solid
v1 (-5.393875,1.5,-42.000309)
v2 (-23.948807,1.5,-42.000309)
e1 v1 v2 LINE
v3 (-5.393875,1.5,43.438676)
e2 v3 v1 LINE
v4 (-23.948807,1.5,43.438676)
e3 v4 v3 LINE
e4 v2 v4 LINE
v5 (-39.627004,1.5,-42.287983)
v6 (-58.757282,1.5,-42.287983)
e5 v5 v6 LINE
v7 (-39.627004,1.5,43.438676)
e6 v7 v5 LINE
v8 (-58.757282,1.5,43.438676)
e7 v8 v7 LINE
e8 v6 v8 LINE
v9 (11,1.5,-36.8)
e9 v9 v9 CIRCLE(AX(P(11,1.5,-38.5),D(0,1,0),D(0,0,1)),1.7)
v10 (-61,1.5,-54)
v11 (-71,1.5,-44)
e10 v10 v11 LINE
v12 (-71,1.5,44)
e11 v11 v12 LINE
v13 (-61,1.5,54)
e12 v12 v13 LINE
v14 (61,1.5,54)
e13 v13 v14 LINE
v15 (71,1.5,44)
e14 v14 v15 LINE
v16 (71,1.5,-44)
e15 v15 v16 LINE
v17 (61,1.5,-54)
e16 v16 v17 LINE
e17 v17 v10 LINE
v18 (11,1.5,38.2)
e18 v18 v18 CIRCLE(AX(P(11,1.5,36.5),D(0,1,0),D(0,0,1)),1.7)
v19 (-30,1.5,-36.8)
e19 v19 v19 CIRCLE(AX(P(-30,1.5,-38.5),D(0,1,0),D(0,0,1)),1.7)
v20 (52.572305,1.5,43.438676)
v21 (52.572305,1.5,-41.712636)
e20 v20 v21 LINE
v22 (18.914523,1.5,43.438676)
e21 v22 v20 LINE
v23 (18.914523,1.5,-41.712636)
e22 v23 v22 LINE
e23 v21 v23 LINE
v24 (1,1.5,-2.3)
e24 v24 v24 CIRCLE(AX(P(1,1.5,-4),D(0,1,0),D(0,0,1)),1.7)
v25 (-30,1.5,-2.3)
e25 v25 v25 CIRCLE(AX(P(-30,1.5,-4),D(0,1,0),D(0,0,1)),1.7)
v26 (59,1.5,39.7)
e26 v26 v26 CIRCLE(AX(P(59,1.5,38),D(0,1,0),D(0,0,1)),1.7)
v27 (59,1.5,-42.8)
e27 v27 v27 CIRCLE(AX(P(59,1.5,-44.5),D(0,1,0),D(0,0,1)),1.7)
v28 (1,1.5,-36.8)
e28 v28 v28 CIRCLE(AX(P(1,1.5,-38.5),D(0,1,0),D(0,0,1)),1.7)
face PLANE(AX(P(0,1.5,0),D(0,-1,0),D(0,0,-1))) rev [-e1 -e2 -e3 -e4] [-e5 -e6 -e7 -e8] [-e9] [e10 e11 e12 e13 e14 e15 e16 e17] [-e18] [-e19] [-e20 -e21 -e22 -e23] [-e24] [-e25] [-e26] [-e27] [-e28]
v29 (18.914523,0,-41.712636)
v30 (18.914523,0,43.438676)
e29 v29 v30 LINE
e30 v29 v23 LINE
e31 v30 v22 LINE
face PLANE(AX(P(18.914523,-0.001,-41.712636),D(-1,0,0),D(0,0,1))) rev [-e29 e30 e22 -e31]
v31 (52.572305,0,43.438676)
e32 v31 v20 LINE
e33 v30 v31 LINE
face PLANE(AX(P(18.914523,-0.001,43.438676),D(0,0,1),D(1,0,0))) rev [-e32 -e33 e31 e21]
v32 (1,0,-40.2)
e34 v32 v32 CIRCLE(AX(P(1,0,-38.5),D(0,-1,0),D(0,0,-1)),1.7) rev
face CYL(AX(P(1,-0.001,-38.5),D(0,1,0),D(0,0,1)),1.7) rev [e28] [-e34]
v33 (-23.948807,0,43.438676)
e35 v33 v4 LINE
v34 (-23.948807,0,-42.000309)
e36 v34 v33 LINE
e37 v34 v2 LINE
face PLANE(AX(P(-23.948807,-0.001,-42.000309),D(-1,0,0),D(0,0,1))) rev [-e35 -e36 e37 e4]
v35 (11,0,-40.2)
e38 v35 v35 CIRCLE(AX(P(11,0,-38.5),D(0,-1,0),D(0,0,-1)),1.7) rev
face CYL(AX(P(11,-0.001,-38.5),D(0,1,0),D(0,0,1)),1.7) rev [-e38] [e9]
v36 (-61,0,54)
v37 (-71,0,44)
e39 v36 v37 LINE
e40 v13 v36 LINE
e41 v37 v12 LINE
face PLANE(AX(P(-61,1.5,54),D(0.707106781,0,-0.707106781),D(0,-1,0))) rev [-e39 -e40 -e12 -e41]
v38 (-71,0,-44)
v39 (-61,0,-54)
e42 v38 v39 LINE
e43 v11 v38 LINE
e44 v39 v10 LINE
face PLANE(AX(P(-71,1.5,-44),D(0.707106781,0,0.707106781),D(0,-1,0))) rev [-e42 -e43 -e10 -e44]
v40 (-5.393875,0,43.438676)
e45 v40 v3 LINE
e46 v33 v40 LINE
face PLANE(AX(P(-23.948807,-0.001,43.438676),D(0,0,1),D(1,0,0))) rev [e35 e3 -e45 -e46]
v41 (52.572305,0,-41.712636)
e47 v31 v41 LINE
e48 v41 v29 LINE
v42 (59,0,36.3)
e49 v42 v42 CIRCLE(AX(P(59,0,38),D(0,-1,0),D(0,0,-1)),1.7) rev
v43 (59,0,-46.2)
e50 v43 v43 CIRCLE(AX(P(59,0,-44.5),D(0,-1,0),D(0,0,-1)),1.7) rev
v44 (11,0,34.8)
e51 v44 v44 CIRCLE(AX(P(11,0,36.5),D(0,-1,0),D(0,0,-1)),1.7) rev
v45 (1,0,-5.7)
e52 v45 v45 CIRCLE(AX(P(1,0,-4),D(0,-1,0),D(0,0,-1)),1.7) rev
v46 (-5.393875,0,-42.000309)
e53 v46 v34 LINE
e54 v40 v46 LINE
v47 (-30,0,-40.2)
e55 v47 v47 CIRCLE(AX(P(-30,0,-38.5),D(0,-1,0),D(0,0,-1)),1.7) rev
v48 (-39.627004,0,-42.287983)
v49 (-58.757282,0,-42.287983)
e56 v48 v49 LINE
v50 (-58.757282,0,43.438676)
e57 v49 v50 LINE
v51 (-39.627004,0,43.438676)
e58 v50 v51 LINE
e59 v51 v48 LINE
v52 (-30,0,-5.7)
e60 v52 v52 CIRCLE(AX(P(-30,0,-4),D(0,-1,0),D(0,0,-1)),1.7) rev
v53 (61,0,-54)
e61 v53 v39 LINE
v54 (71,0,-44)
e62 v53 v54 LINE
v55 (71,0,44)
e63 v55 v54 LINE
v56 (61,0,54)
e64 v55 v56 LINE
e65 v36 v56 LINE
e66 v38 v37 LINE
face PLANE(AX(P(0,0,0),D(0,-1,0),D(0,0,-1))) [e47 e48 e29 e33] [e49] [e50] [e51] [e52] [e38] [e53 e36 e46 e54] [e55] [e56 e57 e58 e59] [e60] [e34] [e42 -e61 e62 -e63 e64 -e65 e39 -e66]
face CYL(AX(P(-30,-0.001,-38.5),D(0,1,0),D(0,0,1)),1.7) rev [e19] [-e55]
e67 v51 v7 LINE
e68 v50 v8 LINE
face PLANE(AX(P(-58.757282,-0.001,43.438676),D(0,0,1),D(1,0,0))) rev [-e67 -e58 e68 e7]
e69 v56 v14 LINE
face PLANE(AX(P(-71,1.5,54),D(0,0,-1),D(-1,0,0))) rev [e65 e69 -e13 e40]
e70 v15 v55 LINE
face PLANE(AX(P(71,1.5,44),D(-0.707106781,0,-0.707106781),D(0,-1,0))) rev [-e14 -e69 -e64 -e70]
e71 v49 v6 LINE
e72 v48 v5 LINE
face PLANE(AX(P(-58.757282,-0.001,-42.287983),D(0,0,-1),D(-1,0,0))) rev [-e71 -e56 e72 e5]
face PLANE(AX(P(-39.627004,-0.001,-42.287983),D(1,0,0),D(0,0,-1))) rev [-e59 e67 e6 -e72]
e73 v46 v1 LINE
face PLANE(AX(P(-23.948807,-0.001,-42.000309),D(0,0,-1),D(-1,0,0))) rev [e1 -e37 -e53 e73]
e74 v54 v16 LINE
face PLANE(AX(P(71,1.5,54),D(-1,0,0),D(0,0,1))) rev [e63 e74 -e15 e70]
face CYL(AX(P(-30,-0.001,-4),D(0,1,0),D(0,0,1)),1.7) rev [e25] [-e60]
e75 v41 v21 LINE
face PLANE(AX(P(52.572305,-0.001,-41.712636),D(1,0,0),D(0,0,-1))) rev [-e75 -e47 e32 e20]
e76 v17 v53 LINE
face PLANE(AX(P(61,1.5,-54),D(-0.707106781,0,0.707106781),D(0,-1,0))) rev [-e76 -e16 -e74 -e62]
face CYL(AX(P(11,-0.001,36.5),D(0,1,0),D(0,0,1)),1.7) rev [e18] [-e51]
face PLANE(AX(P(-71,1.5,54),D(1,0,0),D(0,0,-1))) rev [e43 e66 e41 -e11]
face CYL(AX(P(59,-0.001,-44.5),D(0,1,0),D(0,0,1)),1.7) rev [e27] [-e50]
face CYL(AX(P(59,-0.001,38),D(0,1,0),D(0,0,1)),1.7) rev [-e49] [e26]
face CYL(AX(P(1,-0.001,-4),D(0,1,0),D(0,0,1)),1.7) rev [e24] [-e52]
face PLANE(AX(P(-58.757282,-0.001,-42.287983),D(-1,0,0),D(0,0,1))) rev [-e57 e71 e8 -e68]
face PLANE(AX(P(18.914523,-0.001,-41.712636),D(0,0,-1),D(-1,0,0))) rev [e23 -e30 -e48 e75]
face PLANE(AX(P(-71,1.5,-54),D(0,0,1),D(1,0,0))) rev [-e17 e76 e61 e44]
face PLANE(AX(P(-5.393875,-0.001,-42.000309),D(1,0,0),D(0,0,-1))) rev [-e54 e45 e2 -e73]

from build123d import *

# Parameters (mm, degrees)
SKETCH1_W           = 142
SKETCH1_H           = 108
BOSS_EXTRUDE1_DEPTH = 1.5
CHAMFER1_SIZE       = 10
CUT_EXTRUDE1_REACH  = 91.215
SKETCH2_R           = 1.7
CUT_EXTRUDE2_REACH  = 91.215
SKETCH3_R           = 1.7
CUT_EXTRUDE3_REACH  = 91.215
SKETCH4_W           = 19.130277945
SKETCH4_H           = 85.726659062
SKETCH4_W_2         = 33.657782249
SKETCH4_H_2         = 85.151312357
SKETCH4_W_3         = 18.55493124
SKETCH4_H_3         = 85.438985709


with BuildPart() as part:
    # Sketch1 → Boss-Extrude1 (new body)
    with BuildSketch(Plane(origin=(0, 0, 0), x_dir=(1, 0, 0), z_dir=(0, 1, 0))):
        Rectangle(SKETCH1_W, SKETCH1_H)
    extrude(amount=BOSS_EXTRUDE1_DEPTH)

    # Chamfer1
    chamfer1_edges = [part.edges().sort_by_distance(p)[0] for p in [
        (71, 0.75, 54),
        (-71, 0.75, 54),
        (-71, 0.75, -54),
        (71, 0.75, -54),
    ]]
    chamfer(chamfer1_edges, length=CHAMFER1_SIZE)

    # Sketch2 → Cut-Extrude1 (cut, up to next)
    with BuildSketch(Plane(origin=(0, 1.5, 0), x_dir=(1, 0, 0), z_dir=(0, 1, 0)), mode=Mode.PRIVATE) as cut_extrude1_sk1:
        with Locations(Location((59, 44.5, 0), (0, 0, 270))):
            Circle(SKETCH2_R)
    cut_extrude1_tool1 = extrude(cut_extrude1_sk1.sketch, amount=-CUT_EXTRUDE1_REACH, mode=Mode.PRIVATE) & part.part
    # Sketch2 → Cut-Extrude1 (cut, up to next)
    with BuildSketch(Plane(origin=(0, 1.5, 0), x_dir=(1, 0, 0), z_dir=(0, 1, 0)), mode=Mode.PRIVATE) as cut_extrude1_sk2:
        with Locations(Location((11, 38.5, 0), (0, 0, 270))):
            Circle(SKETCH2_R)
    cut_extrude1_tool2 = extrude(cut_extrude1_sk2.sketch, amount=-CUT_EXTRUDE1_REACH, mode=Mode.PRIVATE) & part.part
    # Sketch2 → Cut-Extrude1 (cut, up to next)
    with BuildSketch(Plane(origin=(0, 1.5, 0), x_dir=(1, 0, 0), z_dir=(0, 1, 0)), mode=Mode.PRIVATE) as cut_extrude1_sk3:
        with Locations(Location((11, -36.5, 0), (0, 0, 270))):
            Circle(SKETCH2_R)
    cut_extrude1_tool3 = extrude(cut_extrude1_sk3.sketch, amount=-CUT_EXTRUDE1_REACH, mode=Mode.PRIVATE) & part.part
    # Sketch2 → Cut-Extrude1 (cut, up to next)
    with BuildSketch(Plane(origin=(0, 1.5, 0), x_dir=(1, 0, 0), z_dir=(0, 1, 0)), mode=Mode.PRIVATE) as cut_extrude1_sk4:
        with Locations(Location((59, -38, 0), (0, 0, 270))):
            Circle(SKETCH2_R)
    cut_extrude1_tool4 = extrude(cut_extrude1_sk4.sketch, amount=-CUT_EXTRUDE1_REACH, mode=Mode.PRIVATE) & part.part
    add(cut_extrude1_tool1.solids().sort_by_distance((59, 1.5, -44.5))[0], mode=Mode.SUBTRACT)
    add(cut_extrude1_tool2.solids().sort_by_distance((11, 1.5, -38.5))[0], mode=Mode.SUBTRACT)
    add(cut_extrude1_tool3.solids().sort_by_distance((11, 1.5, 36.5))[0], mode=Mode.SUBTRACT)
    add(cut_extrude1_tool4.solids().sort_by_distance((59, 1.5, 38))[0], mode=Mode.SUBTRACT)

    # Sketch3 → Cut-Extrude2 (cut, up to next)
    with BuildSketch(Plane(origin=(0, 1.5, 0), x_dir=(1, 0, 0), z_dir=(0, 1, 0)), mode=Mode.PRIVATE) as cut_extrude2_sk1:
        with Locations(Location((-30, 38.5, 0), (0, 0, 270))):
            Circle(SKETCH3_R)
    cut_extrude2_tool1 = extrude(cut_extrude2_sk1.sketch, amount=-CUT_EXTRUDE2_REACH, mode=Mode.PRIVATE) & part.part
    # Sketch3 → Cut-Extrude2 (cut, up to next)
    with BuildSketch(Plane(origin=(0, 1.5, 0), x_dir=(1, 0, 0), z_dir=(0, 1, 0)), mode=Mode.PRIVATE) as cut_extrude2_sk2:
        with Locations(Location((1, 38.5, 0), (0, 0, 270))):
            Circle(SKETCH3_R)
    cut_extrude2_tool2 = extrude(cut_extrude2_sk2.sketch, amount=-CUT_EXTRUDE2_REACH, mode=Mode.PRIVATE) & part.part
    # Sketch3 → Cut-Extrude2 (cut, up to next)
    with BuildSketch(Plane(origin=(0, 1.5, 0), x_dir=(1, 0, 0), z_dir=(0, 1, 0)), mode=Mode.PRIVATE) as cut_extrude2_sk3:
        with Locations(Location((1, 4, 0), (0, 0, 270))):
            Circle(SKETCH3_R)
    cut_extrude2_tool3 = extrude(cut_extrude2_sk3.sketch, amount=-CUT_EXTRUDE2_REACH, mode=Mode.PRIVATE) & part.part
    # Sketch3 → Cut-Extrude2 (cut, up to next)
    with BuildSketch(Plane(origin=(0, 1.5, 0), x_dir=(1, 0, 0), z_dir=(0, 1, 0)), mode=Mode.PRIVATE) as cut_extrude2_sk4:
        with Locations(Location((-30, 4, 0), (0, 0, 270))):
            Circle(SKETCH3_R)
    cut_extrude2_tool4 = extrude(cut_extrude2_sk4.sketch, amount=-CUT_EXTRUDE2_REACH, mode=Mode.PRIVATE) & part.part
    add(cut_extrude2_tool1.solids().sort_by_distance((-30, 1.5, -38.5))[0], mode=Mode.SUBTRACT)
    add(cut_extrude2_tool2.solids().sort_by_distance((1, 1.5, -38.5))[0], mode=Mode.SUBTRACT)
    add(cut_extrude2_tool3.solids().sort_by_distance((1, 1.5, -4))[0], mode=Mode.SUBTRACT)
    add(cut_extrude2_tool4.solids().sort_by_distance((-30, 1.5, -4))[0], mode=Mode.SUBTRACT)

    # Sketch4 → Cut-Extrude3 (cut, up to next)
    with BuildSketch(Plane(origin=(0, 1.5, 0), x_dir=(1, 0, 0), z_dir=(0, 1, 0)), mode=Mode.PRIVATE) as cut_extrude3_sk1:
        with Locations((-49.192143288, -0.575346705)):
            Rectangle(SKETCH4_W, SKETCH4_H)
    cut_extrude3_tool1 = extrude(cut_extrude3_sk1.sketch, amount=-CUT_EXTRUDE3_REACH, mode=Mode.PRIVATE) & part.part
    # Sketch4 → Cut-Extrude3 (cut, up to next)
    with BuildSketch(Plane(origin=(0, 1.5, 0), x_dir=(1, 0, 0), z_dir=(0, 1, 0)), mode=Mode.PRIVATE) as cut_extrude3_sk2:
        with Locations((35.743414055, -0.863020057)):
            Rectangle(SKETCH4_W_2, SKETCH4_H_2)
    cut_extrude3_tool2 = extrude(cut_extrude3_sk2.sketch, amount=-CUT_EXTRUDE3_REACH, mode=Mode.PRIVATE) & part.part
    # Sketch4 → Cut-Extrude3 (cut, up to next)
    with BuildSketch(Plane(origin=(0, 1.5, 0), x_dir=(1, 0, 0), z_dir=(0, 1, 0)), mode=Mode.PRIVATE) as cut_extrude3_sk3:
        with Locations((-14.67134098, -0.719183381)):
            Rectangle(SKETCH4_W_3, SKETCH4_H_3)
    cut_extrude3_tool3 = extrude(cut_extrude3_sk3.sketch, amount=-CUT_EXTRUDE3_REACH, mode=Mode.PRIVATE) & part.part
    add(cut_extrude3_tool1.solids().sort_by_distance((-49.192143, 1.5, 0.575347))[0], mode=Mode.SUBTRACT)
    add(cut_extrude3_tool2.solids().sort_by_distance((35.743414, 1.5, 0.86302))[0], mode=Mode.SUBTRACT)
    add(cut_extrude3_tool3.solids().sort_by_distance((-14.671341, 1.5, 0.719183))[0], mode=Mode.SUBTRACT)


solid = part.part
